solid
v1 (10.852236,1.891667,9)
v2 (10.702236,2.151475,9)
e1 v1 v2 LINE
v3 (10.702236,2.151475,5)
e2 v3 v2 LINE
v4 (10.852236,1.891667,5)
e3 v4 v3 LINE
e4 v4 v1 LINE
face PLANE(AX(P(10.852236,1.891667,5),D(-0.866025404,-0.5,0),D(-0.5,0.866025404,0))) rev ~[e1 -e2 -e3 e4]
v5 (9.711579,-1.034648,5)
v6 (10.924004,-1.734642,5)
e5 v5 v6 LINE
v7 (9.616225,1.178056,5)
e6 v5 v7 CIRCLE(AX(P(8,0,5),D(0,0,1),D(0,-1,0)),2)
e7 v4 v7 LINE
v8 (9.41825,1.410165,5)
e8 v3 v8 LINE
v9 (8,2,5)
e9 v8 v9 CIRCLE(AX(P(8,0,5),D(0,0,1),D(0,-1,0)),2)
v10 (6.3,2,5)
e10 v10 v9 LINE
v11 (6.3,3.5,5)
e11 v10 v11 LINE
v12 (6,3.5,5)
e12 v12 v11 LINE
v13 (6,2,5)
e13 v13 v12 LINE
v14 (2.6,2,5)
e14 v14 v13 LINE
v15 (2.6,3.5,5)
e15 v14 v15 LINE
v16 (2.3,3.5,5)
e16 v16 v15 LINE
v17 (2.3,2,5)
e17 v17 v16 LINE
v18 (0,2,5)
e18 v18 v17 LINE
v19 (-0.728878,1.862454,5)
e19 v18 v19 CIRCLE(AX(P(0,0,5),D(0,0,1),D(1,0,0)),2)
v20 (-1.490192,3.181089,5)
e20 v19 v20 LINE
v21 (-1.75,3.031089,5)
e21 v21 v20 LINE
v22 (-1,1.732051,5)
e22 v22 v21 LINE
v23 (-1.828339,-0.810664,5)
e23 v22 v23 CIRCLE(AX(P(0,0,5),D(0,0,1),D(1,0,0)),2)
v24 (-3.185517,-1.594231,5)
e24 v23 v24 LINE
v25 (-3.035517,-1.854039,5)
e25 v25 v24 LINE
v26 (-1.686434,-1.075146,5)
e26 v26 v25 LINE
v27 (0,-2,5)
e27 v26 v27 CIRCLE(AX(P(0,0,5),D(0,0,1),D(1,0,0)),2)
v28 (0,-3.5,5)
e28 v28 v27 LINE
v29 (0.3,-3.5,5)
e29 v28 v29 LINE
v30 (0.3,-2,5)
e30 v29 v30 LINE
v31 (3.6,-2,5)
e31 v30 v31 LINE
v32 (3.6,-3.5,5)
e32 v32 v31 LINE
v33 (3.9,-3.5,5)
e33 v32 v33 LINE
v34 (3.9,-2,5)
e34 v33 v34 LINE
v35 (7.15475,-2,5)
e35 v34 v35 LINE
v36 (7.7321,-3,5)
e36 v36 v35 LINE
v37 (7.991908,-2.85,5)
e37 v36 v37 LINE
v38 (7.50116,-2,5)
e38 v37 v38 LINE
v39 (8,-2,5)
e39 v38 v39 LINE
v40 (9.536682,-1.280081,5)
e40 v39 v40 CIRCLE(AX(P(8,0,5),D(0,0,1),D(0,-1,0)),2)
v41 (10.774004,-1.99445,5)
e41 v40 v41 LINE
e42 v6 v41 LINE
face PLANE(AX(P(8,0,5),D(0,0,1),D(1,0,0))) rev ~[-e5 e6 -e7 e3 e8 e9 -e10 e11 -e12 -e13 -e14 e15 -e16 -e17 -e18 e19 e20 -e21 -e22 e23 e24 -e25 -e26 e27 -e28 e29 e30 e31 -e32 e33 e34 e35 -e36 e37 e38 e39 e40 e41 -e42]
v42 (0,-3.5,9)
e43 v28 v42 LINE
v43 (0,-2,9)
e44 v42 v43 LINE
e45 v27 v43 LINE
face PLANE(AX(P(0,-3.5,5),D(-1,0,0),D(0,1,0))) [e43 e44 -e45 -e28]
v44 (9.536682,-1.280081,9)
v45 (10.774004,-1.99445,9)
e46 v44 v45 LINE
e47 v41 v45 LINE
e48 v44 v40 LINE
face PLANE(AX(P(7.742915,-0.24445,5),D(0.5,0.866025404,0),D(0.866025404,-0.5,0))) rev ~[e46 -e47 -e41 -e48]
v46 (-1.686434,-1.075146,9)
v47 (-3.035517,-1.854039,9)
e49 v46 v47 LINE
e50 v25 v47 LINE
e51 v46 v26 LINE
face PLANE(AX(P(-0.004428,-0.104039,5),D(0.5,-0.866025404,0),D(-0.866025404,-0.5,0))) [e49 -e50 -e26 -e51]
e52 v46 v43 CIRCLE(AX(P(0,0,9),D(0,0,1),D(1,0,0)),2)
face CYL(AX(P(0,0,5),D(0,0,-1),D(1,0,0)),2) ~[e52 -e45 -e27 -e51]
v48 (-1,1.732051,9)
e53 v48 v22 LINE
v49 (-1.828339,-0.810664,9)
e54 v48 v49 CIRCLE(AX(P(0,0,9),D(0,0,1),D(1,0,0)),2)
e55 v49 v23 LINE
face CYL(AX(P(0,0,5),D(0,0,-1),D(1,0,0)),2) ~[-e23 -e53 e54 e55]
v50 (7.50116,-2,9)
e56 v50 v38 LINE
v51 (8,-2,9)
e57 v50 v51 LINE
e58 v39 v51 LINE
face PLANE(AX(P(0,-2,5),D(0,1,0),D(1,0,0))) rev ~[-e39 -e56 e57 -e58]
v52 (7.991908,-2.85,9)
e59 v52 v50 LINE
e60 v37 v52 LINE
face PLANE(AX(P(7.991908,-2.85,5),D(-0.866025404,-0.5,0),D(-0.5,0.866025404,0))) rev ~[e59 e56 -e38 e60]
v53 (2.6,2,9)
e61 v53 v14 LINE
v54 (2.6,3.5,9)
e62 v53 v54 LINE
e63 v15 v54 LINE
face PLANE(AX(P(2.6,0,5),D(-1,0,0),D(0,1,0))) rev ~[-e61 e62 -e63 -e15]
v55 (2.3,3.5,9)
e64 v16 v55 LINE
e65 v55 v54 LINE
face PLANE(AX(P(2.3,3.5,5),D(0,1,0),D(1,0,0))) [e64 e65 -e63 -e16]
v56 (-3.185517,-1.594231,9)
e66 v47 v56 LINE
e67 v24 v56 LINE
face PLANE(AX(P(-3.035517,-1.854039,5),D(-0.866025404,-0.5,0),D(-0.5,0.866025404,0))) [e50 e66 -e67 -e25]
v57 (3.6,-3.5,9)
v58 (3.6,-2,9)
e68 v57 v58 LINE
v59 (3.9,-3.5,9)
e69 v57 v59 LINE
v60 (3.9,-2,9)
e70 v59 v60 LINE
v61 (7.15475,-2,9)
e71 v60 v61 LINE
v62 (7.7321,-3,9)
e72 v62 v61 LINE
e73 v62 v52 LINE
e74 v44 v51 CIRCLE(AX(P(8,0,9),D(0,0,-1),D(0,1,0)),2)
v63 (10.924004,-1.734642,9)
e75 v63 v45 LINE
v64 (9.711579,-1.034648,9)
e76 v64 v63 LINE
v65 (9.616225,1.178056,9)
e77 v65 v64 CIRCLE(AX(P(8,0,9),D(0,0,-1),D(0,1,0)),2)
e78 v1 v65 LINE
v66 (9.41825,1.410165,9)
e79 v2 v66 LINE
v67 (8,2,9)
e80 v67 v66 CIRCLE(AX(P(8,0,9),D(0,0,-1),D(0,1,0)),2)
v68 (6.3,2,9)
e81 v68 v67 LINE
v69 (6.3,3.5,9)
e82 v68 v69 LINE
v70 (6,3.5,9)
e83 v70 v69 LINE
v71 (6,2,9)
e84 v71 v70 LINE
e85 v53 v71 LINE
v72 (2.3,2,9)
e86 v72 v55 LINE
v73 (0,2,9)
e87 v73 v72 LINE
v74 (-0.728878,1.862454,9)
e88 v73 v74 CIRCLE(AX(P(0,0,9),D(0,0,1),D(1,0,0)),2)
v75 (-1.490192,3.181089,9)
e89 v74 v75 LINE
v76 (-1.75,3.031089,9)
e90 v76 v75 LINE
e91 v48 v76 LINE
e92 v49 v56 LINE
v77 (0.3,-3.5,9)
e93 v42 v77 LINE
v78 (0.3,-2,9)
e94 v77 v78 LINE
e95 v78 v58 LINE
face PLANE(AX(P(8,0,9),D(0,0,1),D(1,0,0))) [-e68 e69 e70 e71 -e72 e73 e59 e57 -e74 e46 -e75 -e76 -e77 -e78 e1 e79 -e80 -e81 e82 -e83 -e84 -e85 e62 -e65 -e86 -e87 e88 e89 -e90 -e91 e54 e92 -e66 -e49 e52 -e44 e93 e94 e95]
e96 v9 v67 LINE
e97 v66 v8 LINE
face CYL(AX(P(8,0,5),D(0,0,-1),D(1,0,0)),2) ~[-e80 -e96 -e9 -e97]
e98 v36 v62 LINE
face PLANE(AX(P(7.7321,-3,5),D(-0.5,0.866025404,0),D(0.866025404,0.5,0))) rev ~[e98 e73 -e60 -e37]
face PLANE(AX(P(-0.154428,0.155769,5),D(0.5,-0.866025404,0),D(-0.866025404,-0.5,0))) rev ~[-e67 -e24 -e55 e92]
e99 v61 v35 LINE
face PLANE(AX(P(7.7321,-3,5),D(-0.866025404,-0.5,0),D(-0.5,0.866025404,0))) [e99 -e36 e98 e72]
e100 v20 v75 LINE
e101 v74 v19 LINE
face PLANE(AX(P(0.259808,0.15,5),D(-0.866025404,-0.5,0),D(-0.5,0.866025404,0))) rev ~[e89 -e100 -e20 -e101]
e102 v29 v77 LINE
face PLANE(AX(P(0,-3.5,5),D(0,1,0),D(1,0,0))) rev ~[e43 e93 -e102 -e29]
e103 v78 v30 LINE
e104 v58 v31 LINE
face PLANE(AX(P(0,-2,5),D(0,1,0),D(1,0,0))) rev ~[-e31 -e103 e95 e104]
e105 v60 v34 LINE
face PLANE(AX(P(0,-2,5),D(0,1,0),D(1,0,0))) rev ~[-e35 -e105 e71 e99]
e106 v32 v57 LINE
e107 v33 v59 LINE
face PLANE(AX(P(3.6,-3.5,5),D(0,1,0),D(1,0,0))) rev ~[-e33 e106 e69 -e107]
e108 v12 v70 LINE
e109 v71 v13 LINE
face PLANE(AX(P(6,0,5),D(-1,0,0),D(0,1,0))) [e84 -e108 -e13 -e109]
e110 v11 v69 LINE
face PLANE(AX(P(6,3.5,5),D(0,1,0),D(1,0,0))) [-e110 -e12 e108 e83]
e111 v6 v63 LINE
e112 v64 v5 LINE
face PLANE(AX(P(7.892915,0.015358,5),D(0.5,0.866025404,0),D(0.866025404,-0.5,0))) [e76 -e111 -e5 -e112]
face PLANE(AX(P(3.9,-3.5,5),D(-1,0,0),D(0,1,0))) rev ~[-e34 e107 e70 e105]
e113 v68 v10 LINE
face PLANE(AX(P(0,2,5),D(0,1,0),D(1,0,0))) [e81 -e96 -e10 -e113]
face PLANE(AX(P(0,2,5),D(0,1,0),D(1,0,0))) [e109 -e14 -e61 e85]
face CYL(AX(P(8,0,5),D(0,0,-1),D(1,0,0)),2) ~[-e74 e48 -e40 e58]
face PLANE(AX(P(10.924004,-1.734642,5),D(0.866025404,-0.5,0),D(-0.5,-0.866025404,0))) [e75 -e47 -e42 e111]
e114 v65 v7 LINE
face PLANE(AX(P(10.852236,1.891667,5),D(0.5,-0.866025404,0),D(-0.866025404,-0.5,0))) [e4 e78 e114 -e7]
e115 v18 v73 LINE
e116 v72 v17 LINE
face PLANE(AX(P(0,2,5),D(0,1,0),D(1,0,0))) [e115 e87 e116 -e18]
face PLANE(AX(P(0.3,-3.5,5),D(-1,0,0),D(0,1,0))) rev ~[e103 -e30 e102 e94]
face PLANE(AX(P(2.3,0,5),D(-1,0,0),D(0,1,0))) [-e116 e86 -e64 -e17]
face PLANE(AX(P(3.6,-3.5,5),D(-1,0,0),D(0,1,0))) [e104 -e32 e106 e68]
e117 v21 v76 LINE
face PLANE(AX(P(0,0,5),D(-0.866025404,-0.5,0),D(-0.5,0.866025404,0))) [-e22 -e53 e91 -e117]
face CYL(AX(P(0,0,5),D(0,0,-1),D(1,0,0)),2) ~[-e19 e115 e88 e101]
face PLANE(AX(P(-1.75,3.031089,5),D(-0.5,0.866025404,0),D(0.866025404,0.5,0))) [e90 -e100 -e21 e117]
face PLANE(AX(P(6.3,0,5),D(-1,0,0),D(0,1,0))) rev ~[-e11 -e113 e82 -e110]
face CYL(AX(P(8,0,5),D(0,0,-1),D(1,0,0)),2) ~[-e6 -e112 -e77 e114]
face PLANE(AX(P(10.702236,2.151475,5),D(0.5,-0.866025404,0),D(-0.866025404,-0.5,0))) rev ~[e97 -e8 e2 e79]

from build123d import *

# Parameters (mm, degrees)
BOX028_W               = 8
BOX028_H               = 4
BOX028_DEPTH           = 4
CYLINDER011_R          = 2
CYLINDER011_DEPTH      = 4
CYLINDER010_R          = 2
CYLINDER010_DEPTH      = 4
BOX019_W               = 0.3
BOX019_H               = 3.5
BOX019_DEPTH           = 4
BOX019_PLACEMENT_ANGLE = 240
BOX020_W               = 0.3
BOX020_H               = 3.5
BOX020_DEPTH           = 4
BOX020_PLACEMENT_ANGLE = 120
BOX021_W               = 0.3
BOX021_H               = 3.5
BOX021_DEPTH           = 4
BOX021_PLACEMENT_ANGLE = 120
BOX022_W               = 0.3
BOX022_H               = 3.5
BOX022_DEPTH           = 4
BOX023_W               = 0.3
BOX023_H               = 3.5
BOX023_DEPTH           = 4
BOX023_PLACEMENT_ANGLE = 30
BOX024_W               = 0.3
BOX024_H               = 3.5
BOX024_DEPTH           = 4
BOX024_PLACEMENT_ANGLE = 30
BOX025_W               = 0.3
BOX025_H               = 3.5
BOX025_DEPTH           = 4
BOX027_W               = 0.3
BOX027_H               = 3.5
BOX027_DEPTH           = 4
BOX026_W               = 0.3
BOX026_H               = 3.5
BOX026_DEPTH           = 4


with BuildPart() as cube028:
    # Box028 → Box028 (new body)
    with BuildSketch(Plane(origin=(0, -2, 0), x_dir=(1, 0, 0), z_dir=(0, 0, 1))):
        with Locations((4, 2)):
            Rectangle(BOX028_W, BOX028_H)
    extrude(amount=BOX028_DEPTH)


with BuildPart() as cylinder011:
    # Cylinder011 → Cylinder011 (new body)
    with BuildSketch(Plane(origin=(8, 0, 0), x_dir=(1, 0, 0), z_dir=(0, 0, 1))):
        Circle(CYLINDER011_R)
    extrude(amount=CYLINDER011_DEPTH)


with BuildPart() as fusion010:
    # Cylinder010 → Cylinder010 (new body)
    with BuildSketch(Plane.XY):
        Circle(CYLINDER010_R)
    extrude(amount=CYLINDER010_DEPTH)

    # Fusion010: union Cube028, Cylinder011
    add(cube028.part)
    add(cylinder011.part)


with BuildPart() as fusion010_1:
    # Fusion010 placement: moved
    add(fusion010.part.moved(Location((0, 0, 5))))


with BuildPart() as cube019:
    # Box019 → Box019 (new body)
    with BuildSketch(Plane.XY):
        with Locations((0.15, 1.75)):
            Rectangle(BOX019_W, BOX019_H)
    extrude(amount=BOX019_DEPTH)


with BuildPart() as cube019_1:
    # Box019 placement: moved
    add(cube019.part.moved(Location((7.892915, 0.015358, 0))).rotate(Axis((7.892915, 0.015358, 0), (0, 0, 1)), BOX019_PLACEMENT_ANGLE))


with BuildPart() as cube020:
    # Box020 → Box020 (new body)
    with BuildSketch(Plane.XY):
        with Locations((0.15, 1.75)):
            Rectangle(BOX020_W, BOX020_H)
    extrude(amount=BOX020_DEPTH)


with BuildPart() as cube020_1:
    # Box020 placement: moved
    add(cube020.part.moved(Location((10.852236, 1.891667, 0))).rotate(Axis((10.852236, 1.891667, 0), (0, 0, 1)), BOX020_PLACEMENT_ANGLE))


with BuildPart() as cube021:
    # Box021 → Box021 (new body)
    with BuildSketch(Plane.XY):
        with Locations((0.15, 1.75)):
            Rectangle(BOX021_W, BOX021_H)
    extrude(amount=BOX021_DEPTH)


with BuildPart() as cube021_1:
    # Box021 placement: moved
    add(cube021.part.moved(Location((-0.004428, -0.104039, 0))).rotate(Axis((-0.004428, -0.104039, 0), (0, 0, 1)), BOX021_PLACEMENT_ANGLE))


with BuildPart() as cube022:
    # Box022 → Box022 (new body)
    with BuildSketch(Plane(origin=(2.3, 0, 0), x_dir=(1, 0, 0), z_dir=(0, 0, 1))):
        with Locations((0.15, 1.75)):
            Rectangle(BOX022_W, BOX022_H)
    extrude(amount=BOX022_DEPTH)


with BuildPart() as cube023:
    # Box023 → Box023 (new body)
    with BuildSketch(Plane.XY):
        with Locations((0.15, 1.75)):
            Rectangle(BOX023_W, BOX023_H)
    extrude(amount=BOX023_DEPTH)


with BuildPart() as cube023_1:
    # Box023 placement: moved
    add(cube023.part.moved(Location((7.7321, -3, 0))).rotate(Axis((7.7321, -3, 0), (0, 0, 1)), BOX023_PLACEMENT_ANGLE))


with BuildPart() as cube024:
    # Box024 → Box024 (new body)
    with BuildSketch(Plane.XY):
        with Locations((0.15, 1.75)):
            Rectangle(BOX024_W, BOX024_H)
    extrude(amount=BOX024_DEPTH)


with BuildPart() as cube024_1:
    # Box024 placement: moved
    add(cube024.part.rotate(Axis((0, 0, 0), (0, 0, 1)), BOX024_PLACEMENT_ANGLE))


with BuildPart() as cube025:
    # Box025 → Box025 (new body)
    with BuildSketch(Plane(origin=(6, 0, 0), x_dir=(1, 0, 0), z_dir=(0, 0, 1))):
        with Locations((0.15, 1.75)):
            Rectangle(BOX025_W, BOX025_H)
    extrude(amount=BOX025_DEPTH)


with BuildPart() as cube027:
    # Box027 → Box027 (new body)
    with BuildSketch(Plane(origin=(3.6, -3.5, 0), x_dir=(1, 0, 0), z_dir=(0, 0, 1))):
        with Locations((0.15, 1.75)):
            Rectangle(BOX027_W, BOX027_H)
    extrude(amount=BOX027_DEPTH)


with BuildPart() as fusion013:
    # Box026 → Box026 (new body)
    with BuildSketch(Plane(origin=(0, -3.5, 0), x_dir=(1, 0, 0), z_dir=(0, 0, 1))):
        with Locations((0.15, 1.75)):
            Rectangle(BOX026_W, BOX026_H)
    extrude(amount=BOX026_DEPTH)

    # Fusion009: union Cube019, Cube020, Cube021, Cube022, Cube023, Cube024, Cube025, Cube027
    add(cube019_1.part)
    add(cube020_1.part)
    add(cube021_1.part)
    add(cube022.part)
    add(cube023_1.part)
    add(cube024_1.part)
    add(cube025.part)
    add(cube027.part)


with BuildPart() as fusion013_1:
    # Fusion009 placement: moved
    add(fusion013.part.moved(Location((0, 0, 5))))

    # Fusion013: union Fusion010
    add(fusion010_1.part)


solid = fusion013_1.part
